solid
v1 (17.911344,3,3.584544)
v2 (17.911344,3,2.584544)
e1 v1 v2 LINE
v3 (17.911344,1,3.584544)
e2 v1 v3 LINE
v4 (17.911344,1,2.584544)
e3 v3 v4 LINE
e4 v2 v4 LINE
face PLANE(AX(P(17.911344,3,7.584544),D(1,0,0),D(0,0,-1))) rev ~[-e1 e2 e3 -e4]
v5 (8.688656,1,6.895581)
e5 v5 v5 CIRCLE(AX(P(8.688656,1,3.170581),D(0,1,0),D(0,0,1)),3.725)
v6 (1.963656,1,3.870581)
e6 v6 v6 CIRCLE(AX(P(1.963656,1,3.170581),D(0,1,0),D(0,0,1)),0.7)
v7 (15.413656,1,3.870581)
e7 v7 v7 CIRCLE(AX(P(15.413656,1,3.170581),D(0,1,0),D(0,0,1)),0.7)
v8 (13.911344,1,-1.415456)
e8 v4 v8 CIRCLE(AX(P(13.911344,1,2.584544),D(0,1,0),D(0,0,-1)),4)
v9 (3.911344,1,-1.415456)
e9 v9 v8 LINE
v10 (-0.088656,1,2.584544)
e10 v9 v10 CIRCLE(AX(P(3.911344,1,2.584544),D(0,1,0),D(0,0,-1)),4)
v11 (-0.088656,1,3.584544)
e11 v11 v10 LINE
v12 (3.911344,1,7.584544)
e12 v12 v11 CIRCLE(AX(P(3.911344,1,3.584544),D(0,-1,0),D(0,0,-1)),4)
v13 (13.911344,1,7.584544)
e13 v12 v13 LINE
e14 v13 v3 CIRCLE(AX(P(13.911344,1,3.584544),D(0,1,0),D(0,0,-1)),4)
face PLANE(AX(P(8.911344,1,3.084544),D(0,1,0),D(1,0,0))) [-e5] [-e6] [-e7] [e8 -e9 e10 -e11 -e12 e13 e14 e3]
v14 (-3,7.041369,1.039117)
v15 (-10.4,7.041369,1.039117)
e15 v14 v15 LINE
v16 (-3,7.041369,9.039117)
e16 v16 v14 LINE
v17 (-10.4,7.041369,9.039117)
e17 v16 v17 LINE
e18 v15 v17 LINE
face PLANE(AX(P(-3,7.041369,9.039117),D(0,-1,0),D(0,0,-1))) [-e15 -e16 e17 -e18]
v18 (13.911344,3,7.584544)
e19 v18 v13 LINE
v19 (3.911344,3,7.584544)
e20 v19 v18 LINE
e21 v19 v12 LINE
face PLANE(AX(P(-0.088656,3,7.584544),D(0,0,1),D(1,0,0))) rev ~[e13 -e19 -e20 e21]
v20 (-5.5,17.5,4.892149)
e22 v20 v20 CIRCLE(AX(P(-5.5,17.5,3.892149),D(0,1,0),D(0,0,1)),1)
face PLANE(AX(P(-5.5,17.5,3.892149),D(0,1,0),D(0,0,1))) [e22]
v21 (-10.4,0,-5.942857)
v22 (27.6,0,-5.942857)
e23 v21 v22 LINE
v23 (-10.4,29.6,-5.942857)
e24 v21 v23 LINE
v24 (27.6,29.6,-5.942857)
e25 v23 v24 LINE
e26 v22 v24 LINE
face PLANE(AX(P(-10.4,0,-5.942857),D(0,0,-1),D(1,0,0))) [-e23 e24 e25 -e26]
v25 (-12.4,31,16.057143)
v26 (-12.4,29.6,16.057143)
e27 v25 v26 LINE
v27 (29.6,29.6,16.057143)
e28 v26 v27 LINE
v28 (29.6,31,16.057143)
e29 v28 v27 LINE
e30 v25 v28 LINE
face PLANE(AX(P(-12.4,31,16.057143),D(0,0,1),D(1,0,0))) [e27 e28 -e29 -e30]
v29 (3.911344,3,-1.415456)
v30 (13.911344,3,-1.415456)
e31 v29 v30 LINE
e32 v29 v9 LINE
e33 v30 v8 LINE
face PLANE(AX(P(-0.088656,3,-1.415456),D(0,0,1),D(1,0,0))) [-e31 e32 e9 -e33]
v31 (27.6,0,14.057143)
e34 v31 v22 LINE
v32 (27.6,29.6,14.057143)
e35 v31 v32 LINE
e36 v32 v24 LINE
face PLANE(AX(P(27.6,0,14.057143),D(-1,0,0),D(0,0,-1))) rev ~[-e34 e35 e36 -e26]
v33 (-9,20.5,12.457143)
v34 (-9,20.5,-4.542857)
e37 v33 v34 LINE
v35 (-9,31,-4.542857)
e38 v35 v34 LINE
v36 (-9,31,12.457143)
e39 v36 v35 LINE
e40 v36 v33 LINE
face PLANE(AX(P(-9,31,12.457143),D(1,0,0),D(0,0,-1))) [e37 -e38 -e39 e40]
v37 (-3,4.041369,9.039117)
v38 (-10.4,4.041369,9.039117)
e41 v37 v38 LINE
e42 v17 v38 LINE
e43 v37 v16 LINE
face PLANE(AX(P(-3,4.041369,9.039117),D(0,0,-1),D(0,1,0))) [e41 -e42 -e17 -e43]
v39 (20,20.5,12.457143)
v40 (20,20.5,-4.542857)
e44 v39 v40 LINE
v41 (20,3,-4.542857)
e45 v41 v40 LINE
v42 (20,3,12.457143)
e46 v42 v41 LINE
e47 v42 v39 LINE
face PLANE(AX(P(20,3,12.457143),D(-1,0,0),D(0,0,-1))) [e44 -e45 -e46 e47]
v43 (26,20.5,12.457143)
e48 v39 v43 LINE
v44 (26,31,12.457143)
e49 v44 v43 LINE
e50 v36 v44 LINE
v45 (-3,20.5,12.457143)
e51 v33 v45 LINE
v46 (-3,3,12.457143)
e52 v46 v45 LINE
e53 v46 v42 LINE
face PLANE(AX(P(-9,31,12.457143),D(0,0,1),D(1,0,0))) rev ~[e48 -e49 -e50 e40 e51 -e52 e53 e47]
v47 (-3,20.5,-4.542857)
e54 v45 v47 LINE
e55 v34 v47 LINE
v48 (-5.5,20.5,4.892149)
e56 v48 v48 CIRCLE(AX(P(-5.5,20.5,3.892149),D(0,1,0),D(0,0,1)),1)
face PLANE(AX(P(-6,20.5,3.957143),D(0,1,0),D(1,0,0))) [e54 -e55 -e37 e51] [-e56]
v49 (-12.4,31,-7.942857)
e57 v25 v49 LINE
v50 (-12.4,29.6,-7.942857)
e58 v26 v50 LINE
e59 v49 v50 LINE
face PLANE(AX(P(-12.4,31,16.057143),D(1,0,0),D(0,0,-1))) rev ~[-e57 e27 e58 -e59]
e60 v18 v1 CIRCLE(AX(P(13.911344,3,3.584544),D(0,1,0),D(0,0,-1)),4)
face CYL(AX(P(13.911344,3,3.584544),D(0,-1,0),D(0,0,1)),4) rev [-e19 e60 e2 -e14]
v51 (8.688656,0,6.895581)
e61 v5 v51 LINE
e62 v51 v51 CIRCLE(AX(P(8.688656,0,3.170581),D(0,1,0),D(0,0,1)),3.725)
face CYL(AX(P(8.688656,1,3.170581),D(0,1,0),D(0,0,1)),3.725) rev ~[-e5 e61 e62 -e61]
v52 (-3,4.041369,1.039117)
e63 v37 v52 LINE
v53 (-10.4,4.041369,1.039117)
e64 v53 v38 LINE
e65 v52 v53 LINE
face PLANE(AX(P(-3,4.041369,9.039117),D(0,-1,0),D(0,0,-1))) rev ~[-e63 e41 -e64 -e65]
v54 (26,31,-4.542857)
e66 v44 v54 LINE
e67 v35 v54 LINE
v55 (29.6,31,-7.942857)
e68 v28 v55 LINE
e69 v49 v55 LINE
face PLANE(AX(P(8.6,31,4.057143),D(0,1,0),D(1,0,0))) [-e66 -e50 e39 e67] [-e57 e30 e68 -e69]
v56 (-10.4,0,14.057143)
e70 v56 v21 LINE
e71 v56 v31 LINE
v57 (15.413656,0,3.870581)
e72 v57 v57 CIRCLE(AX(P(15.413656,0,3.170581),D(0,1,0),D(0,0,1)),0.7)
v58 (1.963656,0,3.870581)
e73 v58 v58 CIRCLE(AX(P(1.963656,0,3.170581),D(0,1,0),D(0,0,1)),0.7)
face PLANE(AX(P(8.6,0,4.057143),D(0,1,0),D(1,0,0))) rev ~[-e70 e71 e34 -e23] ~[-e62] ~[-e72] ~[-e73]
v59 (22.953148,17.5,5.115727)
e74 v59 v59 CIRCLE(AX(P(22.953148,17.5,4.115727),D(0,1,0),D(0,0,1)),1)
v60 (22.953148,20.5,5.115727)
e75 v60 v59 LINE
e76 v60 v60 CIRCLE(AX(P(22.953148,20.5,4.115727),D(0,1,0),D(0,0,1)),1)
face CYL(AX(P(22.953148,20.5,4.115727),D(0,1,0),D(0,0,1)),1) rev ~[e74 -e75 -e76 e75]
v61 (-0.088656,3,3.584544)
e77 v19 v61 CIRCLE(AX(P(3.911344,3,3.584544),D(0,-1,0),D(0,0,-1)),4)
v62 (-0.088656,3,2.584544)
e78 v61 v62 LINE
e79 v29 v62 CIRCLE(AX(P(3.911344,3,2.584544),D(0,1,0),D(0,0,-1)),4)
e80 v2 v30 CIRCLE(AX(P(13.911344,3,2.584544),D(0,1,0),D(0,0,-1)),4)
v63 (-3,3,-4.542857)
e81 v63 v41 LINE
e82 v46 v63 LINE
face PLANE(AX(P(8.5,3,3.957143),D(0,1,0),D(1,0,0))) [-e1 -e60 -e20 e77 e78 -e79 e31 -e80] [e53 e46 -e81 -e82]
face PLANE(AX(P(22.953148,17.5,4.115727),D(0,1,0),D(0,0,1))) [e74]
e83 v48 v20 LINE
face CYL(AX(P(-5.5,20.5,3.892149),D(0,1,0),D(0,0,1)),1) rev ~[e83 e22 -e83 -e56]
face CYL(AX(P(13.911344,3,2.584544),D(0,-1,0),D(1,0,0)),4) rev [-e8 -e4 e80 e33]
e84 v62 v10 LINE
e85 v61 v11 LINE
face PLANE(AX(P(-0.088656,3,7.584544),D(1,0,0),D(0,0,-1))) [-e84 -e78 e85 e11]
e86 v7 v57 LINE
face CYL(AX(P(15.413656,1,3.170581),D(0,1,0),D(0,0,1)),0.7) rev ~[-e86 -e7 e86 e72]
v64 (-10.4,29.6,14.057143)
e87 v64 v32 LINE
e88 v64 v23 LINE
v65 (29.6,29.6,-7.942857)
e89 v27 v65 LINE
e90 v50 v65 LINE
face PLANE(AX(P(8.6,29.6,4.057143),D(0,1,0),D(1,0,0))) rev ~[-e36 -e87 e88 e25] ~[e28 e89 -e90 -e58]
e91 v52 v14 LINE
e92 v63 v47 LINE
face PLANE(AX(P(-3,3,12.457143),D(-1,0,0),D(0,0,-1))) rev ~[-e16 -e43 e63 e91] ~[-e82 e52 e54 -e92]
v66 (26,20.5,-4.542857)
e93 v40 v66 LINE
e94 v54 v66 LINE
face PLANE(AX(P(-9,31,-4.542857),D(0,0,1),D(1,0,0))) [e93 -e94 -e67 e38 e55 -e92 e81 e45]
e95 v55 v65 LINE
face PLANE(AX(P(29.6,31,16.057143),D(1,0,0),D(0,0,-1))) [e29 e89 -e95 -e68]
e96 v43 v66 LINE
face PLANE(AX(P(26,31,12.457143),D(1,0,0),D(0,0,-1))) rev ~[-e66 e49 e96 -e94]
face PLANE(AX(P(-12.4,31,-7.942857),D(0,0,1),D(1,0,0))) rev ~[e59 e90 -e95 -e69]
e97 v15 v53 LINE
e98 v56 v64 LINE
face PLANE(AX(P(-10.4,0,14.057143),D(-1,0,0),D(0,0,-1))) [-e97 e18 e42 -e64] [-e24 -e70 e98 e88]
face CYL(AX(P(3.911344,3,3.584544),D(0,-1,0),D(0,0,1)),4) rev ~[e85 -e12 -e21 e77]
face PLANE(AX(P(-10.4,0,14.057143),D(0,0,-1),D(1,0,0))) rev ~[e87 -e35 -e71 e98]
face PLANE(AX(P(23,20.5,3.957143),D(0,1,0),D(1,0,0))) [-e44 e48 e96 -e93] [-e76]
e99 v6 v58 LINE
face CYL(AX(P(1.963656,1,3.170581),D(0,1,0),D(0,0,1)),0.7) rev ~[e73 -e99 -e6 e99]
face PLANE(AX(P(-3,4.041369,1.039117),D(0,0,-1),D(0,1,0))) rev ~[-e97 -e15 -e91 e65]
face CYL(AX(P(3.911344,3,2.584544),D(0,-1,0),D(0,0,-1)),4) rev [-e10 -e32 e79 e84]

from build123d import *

# Parameters (mm, degrees)
SKETCH1_W           = 38
SKETCH1_H           = 20
BOSS_EXTRUDE1_DEPTH = 31
SKETCH2_W           = 35
SKETCH2_H           = 17
CUT_EXTRUDE1_DEPTH  = 28
SKETCH3_W           = 6
SKETCH3_H           = 17
BOSS_EXTRUDE2_DEPTH = 17.5
SKETCH4_W           = 42
SKETCH4_H           = 24
SKETCH4_W_2         = 38
SKETCH4_H_2         = 20
EXTRUDE_THIN2_DEPTH = 1.4
SKETCH5_R           = 1
CUT_EXTRUDE2_DEPTH  = 3
SKETCH6_R           = 1
CUT_EXTRUDE3_DEPTH  = 3
SKETCH7_W           = 8
SKETCH7_H           = 3
CUT_EXTRUDE4_DEPTH  = 10
SKETCH8_W           = 18
SKETCH8_H           = 9
CUT_EXTRUDE5_DEPTH  = 2
SKETCH9_R           = 3.725
SKETCH9_R_2         = 0.7
CUT_EXTRUDE6_DEPTH  = 4
FILLET1_R           = 4


with BuildPart() as part:
    # Sketch1 → Boss-Extrude1 (new body)
    with BuildSketch(Plane(origin=(0, 0, 0), x_dir=(1, 0, 0), z_dir=(0, 1, 0))):
        with Locations((8.6, -4.057142857)):
            Rectangle(SKETCH1_W, SKETCH1_H)
    extrude(amount=BOSS_EXTRUDE1_DEPTH)

    # Sketch2 → Cut-Extrude1 (cut)
    with BuildSketch(Plane(origin=(0, 31, 0), x_dir=(1, 0, 0), z_dir=(0, 1, 0))):
        with Locations((8.5, -3.957142857)):
            Rectangle(SKETCH2_W, SKETCH2_H)
    extrude(amount=-CUT_EXTRUDE1_DEPTH, mode=Mode.SUBTRACT)

    # Sketch3 → Boss-Extrude2 (add)
    with BuildSketch(Plane(origin=(0, 3, 0), x_dir=(1, 0, 0), z_dir=(0, 1, 0))):
        with Locations((-6, -3.957142857)):
            Rectangle(SKETCH3_W, SKETCH3_H)
        with Locations((23, -3.957142857)):
            Rectangle(SKETCH3_W, SKETCH3_H)
    extrude(amount=BOSS_EXTRUDE2_DEPTH)

    # Sketch4 → Extrude-Thin2 (add)
    with BuildSketch(Plane(origin=(0, 31, 0), x_dir=(1, 0, 0), z_dir=(0, 1, 0))):
        with Locations((8.6, -4.057142857)):
            Rectangle(SKETCH4_W, SKETCH4_H)
        with Locations((8.6, -4.057142857)):
            Rectangle(SKETCH4_W_2, SKETCH4_H_2, mode=Mode.SUBTRACT)
    extrude(amount=-EXTRUDE_THIN2_DEPTH)

    # Sketch5 → Cut-Extrude2 (cut)
    with BuildSketch(Plane(origin=(0, 20.5, 0), x_dir=(1, 0, 0), z_dir=(0, 1, 0))):
        with Locations(Location((-5.5, -3.892148731, 0), (0, 0, 270))):
            Circle(SKETCH5_R)
    extrude(amount=-CUT_EXTRUDE2_DEPTH, mode=Mode.SUBTRACT)

    # Sketch6 → Cut-Extrude3 (cut)
    with BuildSketch(Plane(origin=(0, 20.5, 0), x_dir=(1, 0, 0), z_dir=(0, 1, 0))):
        with Locations(Location((22.953148274, -4.115727136, 0), (0, 0, 270))):
            Circle(SKETCH6_R)
    extrude(amount=-CUT_EXTRUDE3_DEPTH, mode=Mode.SUBTRACT)

    # Sketch7 → Cut-Extrude4 (cut)
    with BuildSketch(Plane(origin=(-3, 0, 0), x_dir=(0, 0, -1), z_dir=(1, 0, 0))):
        with Locations((-5.039117413, 5.541369126)):
            Rectangle(SKETCH7_W, SKETCH7_H)
    extrude(amount=-CUT_EXTRUDE4_DEPTH, mode=Mode.SUBTRACT)

    # Sketch8 → Cut-Extrude5 (cut)
    with BuildSketch(Plane(origin=(0, 3, 0), x_dir=(1, 0, 0), z_dir=(0, 1, 0))):
        with Locations((8.91134377, -3.084544202)):
            Rectangle(SKETCH8_W, SKETCH8_H)
    extrude(amount=-CUT_EXTRUDE5_DEPTH, mode=Mode.SUBTRACT)

    # Sketch9 → Cut-Extrude6 (cut)
    with BuildSketch(Plane(origin=(0, 1, 0), x_dir=(1, 0, 0), z_dir=(0, 1, 0))):
        with Locations(Location((8.68865623, -3.170580553, 0), (0, 0, 270))):
            Circle(SKETCH9_R)
        with Locations(Location((1.96365623, -3.170580553, 0), (0, 0, 270))):
            Circle(SKETCH9_R_2)
        with Locations(Location((15.41365623, -3.170580553, 0), (0, 0, 270))):
            Circle(SKETCH9_R_2)
    extrude(amount=-CUT_EXTRUDE6_DEPTH, mode=Mode.SUBTRACT)

    # Fillet1
    fillet1_edges = [part.edges().sort_by_distance(p)[0] for p in [
        (-0.08865623, 2, 7.584544202),
        (-0.08865623, 2, -1.415455798),
        (17.91134377, 2, -1.415455798),
        (17.91134377, 2, 7.584544202),
    ]]
    fillet(fillet1_edges, radius=FILLET1_R)


solid = part.part
